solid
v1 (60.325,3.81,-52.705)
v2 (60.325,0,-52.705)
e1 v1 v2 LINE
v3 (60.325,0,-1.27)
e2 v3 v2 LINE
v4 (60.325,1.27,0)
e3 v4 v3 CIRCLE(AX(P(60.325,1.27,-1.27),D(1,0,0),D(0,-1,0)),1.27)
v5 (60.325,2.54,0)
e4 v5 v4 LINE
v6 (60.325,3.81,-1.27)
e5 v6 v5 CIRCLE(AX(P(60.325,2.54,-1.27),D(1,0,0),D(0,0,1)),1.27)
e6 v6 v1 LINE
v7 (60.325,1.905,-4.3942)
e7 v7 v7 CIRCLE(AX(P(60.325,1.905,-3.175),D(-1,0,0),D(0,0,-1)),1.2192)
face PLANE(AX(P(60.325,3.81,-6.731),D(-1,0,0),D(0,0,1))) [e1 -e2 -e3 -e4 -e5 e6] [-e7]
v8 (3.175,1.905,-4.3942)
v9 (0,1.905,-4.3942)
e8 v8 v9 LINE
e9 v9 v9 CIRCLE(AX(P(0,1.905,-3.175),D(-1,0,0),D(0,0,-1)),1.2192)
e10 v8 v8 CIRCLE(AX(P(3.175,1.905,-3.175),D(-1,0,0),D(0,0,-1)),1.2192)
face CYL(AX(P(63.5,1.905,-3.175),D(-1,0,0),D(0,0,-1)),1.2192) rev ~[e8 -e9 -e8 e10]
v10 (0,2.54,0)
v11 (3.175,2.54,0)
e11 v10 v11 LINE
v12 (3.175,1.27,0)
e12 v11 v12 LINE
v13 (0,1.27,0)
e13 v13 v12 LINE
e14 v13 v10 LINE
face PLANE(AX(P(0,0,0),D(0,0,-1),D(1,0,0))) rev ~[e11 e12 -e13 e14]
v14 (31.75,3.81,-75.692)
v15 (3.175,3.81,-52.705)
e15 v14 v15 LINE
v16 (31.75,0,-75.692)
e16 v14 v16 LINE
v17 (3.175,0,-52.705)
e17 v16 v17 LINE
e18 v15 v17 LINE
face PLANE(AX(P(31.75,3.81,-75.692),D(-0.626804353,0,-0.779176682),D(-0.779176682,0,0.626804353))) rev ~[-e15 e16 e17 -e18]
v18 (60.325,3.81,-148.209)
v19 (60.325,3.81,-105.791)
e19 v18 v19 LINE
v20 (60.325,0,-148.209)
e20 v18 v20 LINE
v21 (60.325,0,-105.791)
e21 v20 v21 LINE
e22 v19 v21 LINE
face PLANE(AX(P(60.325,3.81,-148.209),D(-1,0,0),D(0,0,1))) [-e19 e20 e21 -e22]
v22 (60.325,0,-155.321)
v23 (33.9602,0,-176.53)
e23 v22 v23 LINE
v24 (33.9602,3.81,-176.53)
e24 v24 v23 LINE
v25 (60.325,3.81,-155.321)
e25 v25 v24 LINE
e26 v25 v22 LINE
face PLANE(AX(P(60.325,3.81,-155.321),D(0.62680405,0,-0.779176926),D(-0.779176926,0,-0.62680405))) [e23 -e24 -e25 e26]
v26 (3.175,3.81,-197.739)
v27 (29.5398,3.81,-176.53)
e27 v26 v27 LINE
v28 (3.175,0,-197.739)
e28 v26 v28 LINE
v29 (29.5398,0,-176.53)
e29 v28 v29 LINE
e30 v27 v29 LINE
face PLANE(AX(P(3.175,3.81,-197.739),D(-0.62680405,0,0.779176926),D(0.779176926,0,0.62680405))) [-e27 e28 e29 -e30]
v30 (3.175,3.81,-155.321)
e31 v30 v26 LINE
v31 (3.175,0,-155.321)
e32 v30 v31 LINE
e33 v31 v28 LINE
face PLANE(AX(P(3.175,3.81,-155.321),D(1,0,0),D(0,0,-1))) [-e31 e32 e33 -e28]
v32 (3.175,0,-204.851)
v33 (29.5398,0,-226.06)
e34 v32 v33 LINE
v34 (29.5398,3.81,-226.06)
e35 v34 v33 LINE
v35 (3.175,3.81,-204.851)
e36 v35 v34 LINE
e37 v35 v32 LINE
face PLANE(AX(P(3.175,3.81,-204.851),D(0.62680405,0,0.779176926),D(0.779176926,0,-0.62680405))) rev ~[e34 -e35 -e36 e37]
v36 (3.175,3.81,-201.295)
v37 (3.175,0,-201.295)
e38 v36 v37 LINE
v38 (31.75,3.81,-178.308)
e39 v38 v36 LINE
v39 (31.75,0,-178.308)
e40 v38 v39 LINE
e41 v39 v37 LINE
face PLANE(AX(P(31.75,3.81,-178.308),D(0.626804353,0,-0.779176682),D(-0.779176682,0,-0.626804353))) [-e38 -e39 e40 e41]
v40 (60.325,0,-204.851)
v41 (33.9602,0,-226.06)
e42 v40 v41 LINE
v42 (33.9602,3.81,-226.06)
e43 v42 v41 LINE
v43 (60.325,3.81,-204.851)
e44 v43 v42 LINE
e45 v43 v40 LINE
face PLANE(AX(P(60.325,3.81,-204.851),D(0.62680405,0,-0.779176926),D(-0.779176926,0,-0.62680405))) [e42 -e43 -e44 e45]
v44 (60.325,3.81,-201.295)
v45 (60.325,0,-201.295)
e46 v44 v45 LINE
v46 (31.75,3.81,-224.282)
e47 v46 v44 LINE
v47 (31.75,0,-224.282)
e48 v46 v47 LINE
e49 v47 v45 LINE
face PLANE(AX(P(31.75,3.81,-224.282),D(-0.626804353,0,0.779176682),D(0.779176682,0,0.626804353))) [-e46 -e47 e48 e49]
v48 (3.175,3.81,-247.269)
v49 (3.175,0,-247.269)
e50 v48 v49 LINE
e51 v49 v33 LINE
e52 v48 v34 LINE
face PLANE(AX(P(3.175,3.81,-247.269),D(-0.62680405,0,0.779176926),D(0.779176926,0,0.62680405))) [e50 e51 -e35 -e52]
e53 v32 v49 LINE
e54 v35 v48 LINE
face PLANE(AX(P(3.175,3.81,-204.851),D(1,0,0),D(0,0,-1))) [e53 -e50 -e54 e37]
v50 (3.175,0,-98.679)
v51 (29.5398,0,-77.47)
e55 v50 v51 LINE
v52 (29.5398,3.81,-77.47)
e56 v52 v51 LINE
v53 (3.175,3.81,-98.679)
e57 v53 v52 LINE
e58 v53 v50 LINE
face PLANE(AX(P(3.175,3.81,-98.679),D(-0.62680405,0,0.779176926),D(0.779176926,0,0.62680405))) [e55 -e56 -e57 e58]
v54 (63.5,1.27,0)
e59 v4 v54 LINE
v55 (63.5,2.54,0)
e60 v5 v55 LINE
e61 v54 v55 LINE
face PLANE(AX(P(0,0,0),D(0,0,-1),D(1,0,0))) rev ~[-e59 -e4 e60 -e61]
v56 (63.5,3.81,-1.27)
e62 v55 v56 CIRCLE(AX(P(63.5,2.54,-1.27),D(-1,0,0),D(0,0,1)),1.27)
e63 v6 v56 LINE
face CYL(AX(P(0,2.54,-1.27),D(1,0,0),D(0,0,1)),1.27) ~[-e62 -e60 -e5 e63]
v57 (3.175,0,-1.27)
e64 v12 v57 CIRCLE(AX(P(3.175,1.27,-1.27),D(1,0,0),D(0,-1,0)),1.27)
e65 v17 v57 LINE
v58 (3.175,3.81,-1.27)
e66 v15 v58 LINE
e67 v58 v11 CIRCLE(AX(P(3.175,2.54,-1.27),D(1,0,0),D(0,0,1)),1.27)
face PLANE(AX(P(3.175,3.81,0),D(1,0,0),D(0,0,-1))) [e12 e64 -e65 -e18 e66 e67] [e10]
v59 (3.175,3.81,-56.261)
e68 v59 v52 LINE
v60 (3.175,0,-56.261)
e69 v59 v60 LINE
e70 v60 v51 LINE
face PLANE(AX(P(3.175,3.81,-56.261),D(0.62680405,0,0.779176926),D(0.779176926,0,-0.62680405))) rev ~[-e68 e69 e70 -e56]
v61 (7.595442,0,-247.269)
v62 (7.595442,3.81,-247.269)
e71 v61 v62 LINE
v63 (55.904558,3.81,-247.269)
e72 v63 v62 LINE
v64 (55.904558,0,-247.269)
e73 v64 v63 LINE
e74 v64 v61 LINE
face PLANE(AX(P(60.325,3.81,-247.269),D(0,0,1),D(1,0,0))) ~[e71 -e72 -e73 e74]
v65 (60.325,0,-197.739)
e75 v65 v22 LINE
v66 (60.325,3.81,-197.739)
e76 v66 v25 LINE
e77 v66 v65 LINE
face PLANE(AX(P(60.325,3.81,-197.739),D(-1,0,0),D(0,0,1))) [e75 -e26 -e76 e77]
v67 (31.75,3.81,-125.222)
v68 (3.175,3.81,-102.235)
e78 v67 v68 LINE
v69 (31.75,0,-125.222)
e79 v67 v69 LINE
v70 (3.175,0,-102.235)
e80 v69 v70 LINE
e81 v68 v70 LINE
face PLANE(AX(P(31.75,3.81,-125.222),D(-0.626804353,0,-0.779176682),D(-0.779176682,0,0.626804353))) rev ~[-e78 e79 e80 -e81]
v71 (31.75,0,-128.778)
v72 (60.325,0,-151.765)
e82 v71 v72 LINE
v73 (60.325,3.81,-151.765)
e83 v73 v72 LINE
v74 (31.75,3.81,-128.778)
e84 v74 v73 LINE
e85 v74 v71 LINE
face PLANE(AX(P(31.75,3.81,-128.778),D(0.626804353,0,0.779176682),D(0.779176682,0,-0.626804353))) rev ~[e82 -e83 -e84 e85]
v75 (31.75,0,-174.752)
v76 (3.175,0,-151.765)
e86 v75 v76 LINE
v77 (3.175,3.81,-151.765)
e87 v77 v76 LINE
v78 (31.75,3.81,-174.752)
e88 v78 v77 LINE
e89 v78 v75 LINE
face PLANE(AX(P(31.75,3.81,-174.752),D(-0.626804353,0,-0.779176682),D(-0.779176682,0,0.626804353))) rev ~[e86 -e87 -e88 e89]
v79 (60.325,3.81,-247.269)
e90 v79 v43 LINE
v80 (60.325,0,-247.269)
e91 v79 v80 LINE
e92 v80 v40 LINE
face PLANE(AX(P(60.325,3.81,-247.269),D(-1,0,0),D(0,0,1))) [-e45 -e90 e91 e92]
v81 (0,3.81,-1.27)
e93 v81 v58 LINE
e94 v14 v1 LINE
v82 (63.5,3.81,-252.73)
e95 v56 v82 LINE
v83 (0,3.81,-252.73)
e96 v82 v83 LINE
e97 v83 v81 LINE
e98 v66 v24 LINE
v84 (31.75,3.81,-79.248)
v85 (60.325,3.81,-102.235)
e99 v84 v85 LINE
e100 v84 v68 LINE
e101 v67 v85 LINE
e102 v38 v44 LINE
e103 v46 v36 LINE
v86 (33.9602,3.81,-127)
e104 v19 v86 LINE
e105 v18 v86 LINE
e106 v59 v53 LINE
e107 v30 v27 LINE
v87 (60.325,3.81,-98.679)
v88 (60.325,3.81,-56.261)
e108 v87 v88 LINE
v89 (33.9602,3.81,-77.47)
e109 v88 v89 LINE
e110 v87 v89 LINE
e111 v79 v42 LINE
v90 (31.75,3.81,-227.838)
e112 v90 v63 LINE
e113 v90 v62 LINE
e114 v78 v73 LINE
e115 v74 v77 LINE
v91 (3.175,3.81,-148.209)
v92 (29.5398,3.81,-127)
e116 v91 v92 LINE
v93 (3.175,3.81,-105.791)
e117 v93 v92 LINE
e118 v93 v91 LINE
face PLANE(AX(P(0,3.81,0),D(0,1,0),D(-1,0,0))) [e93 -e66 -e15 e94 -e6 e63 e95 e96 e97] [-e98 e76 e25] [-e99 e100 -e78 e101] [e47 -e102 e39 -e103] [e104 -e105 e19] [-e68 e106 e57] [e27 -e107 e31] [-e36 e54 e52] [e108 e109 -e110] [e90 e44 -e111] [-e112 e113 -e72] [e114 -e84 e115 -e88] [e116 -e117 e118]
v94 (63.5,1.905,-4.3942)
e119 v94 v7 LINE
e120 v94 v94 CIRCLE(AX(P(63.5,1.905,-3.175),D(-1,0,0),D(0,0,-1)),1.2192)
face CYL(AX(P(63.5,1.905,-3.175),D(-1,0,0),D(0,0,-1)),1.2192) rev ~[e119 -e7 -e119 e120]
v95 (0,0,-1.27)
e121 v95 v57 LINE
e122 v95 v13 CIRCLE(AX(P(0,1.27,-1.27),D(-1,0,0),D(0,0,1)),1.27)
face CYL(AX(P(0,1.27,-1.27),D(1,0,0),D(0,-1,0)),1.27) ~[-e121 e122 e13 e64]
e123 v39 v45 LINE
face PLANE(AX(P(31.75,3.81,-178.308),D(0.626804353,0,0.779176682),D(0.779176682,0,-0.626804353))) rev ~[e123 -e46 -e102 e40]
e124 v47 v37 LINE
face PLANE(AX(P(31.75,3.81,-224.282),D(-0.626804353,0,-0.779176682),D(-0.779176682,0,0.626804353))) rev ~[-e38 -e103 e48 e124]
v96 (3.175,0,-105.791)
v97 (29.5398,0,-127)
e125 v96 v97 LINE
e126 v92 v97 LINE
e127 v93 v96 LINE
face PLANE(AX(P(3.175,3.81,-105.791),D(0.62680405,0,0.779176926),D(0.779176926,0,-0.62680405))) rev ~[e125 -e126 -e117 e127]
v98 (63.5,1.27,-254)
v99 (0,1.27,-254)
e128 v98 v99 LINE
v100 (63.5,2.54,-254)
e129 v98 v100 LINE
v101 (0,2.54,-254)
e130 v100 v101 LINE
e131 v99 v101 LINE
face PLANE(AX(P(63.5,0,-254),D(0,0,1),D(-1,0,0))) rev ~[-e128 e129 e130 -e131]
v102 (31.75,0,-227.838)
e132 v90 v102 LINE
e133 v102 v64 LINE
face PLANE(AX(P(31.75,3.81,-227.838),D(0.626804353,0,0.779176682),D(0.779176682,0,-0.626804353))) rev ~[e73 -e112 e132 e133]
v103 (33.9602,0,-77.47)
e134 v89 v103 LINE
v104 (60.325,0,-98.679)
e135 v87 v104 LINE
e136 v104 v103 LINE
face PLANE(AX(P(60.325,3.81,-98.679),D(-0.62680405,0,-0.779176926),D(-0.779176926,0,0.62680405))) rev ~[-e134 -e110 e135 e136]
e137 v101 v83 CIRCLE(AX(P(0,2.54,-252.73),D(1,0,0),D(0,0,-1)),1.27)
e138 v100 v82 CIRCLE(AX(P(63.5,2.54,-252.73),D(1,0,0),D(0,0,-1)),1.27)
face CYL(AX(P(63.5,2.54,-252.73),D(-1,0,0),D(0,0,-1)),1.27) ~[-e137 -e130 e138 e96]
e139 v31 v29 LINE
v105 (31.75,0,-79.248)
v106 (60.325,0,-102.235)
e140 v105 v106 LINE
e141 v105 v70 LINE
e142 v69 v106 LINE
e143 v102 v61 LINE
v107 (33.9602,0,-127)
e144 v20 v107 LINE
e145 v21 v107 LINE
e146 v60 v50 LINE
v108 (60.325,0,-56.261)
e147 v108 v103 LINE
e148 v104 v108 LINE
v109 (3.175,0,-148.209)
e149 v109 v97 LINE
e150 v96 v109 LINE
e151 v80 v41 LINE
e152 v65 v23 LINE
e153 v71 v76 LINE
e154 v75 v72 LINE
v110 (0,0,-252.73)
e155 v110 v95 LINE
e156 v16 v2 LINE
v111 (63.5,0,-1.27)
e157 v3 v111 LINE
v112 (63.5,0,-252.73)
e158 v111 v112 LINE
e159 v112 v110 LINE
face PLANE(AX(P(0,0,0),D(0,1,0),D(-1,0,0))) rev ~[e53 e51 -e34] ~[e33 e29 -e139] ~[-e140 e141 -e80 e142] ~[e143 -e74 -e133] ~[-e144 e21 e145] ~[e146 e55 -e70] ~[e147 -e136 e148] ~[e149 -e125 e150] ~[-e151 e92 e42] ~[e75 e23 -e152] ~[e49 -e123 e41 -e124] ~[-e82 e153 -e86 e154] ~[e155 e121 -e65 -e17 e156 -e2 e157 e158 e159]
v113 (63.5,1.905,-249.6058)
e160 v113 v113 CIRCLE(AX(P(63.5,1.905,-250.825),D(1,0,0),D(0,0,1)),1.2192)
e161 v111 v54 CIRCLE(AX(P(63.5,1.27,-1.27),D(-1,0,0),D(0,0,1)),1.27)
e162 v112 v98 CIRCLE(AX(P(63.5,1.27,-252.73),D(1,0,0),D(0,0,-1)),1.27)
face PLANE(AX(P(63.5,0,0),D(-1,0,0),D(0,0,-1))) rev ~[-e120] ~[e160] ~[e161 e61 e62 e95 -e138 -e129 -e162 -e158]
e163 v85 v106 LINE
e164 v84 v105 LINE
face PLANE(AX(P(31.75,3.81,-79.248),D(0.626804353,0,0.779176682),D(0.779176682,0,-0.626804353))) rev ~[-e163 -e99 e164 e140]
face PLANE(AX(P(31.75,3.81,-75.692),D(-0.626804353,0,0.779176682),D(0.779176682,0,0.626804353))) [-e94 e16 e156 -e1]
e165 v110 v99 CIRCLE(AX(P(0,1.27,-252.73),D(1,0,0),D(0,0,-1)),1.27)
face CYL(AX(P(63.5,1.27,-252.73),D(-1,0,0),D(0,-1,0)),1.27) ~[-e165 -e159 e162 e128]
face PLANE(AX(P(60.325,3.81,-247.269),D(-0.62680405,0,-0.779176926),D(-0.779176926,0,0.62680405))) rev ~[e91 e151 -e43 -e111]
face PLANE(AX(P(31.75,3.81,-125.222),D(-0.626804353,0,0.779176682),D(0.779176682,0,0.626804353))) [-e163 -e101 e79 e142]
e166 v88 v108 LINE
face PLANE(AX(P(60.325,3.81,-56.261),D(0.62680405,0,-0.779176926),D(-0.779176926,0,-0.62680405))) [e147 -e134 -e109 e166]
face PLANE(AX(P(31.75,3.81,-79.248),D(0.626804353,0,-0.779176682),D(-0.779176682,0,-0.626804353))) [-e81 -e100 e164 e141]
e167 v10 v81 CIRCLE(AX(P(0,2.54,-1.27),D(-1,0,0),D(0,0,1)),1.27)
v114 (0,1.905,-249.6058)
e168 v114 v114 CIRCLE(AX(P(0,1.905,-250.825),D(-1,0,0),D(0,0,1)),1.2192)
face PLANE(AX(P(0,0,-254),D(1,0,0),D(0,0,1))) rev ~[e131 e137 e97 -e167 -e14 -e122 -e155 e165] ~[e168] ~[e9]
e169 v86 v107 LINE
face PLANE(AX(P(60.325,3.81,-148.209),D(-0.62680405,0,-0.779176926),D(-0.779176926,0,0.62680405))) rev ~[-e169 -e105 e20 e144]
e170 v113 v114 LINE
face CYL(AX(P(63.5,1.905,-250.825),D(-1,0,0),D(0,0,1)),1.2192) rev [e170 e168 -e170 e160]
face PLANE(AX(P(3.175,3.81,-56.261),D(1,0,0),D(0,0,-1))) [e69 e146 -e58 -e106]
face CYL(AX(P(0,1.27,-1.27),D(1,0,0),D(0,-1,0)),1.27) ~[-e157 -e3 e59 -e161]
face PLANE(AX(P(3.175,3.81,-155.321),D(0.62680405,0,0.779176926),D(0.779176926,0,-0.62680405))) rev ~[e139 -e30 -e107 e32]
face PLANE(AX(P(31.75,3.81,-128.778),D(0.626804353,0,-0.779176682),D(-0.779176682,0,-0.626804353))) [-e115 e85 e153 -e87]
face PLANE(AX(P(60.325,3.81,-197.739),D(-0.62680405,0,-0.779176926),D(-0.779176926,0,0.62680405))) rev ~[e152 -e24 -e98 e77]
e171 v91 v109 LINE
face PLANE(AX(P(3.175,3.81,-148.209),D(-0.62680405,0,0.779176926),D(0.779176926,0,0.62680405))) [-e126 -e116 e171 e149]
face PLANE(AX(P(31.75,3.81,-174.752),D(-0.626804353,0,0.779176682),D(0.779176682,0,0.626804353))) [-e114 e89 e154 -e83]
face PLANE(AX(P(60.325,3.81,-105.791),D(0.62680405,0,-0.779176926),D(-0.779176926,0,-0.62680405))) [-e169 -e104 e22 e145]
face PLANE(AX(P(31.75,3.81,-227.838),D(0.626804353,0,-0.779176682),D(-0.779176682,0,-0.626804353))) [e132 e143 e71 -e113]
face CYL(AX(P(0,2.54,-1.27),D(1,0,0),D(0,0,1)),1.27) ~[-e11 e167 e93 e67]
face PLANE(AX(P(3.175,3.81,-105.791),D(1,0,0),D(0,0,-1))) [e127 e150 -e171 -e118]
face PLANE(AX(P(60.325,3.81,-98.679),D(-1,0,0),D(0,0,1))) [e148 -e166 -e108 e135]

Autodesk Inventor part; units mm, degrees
ref_plane "YZ Plane" through (0, 0, 0) normal (1, 0, 0) x (0, 1, 0)
ref_plane "XZ Plane" through (0, 0, 0) normal (0, 1, 0) x (-1, 0, 0)
sketch "Sketch1" plane through (0, 0, 0) normal (0, 1, 0) x (-1, 0, 0)
  line L0 (0, 0) -> (-63.5, 0)
  line L1 (-63.5, 0) -> (-63.5, -254)
  line L2 (-63.5, -254) -> (0, -254)
  line L3 (0, -254) -> (0, 0)
  dimension "d0" = 63.5
  dimension "d1" = 254
extrude "Extrusion1" add sketch "Sketch1" along normal blind 3.81
sketch "Sketch2" plane through (0, 3.81, 0) normal (0, 1, 0) x (1, 0, 0)
  line L0 (0, 254) -> (0, 0) projected
  line L1 (0, 0) -> (63.5, 0) projected
  line L2 (63.5, 0) -> (63.5, 254) projected
  line L3 (63.5, 254) -> (0, 254) projected
  line L4 (3.175, 3.175) -> (3.175, 250.825)
  line L5 (3.175, 250.825) -> (60.325, 250.825)
  line L6 (60.325, 250.825) -> (60.325, 3.175)
  line L7 (60.325, 3.175) -> (3.175, 3.175)
  line L8 (3.175, 3.175) -> (60.325, 3.175)
  line L9 (60.325, 3.175) -> (60.325, 52.705)
  line L10 (60.325, 52.705) -> (3.175, 52.705)
  line L11 (3.175, 52.705) -> (3.175, 3.175)
  line L12 (3.175, 3.175) -> (3.175, 6.731)
  line L13 (3.175, 6.731) -> (29.5398, 27.94)
  line L14 (60.325, 52.705) -> (60.325, 49.149)
  line L15 (60.325, 49.149) -> (33.9602, 27.94)
  line L16 (3.175, 52.705) -> (3.175, 49.149)
  line L17 (3.175, 49.149) -> (29.5398, 27.94)
  line L18 (60.325, 3.175) -> (60.325, 6.731)
  line L19 (60.325, 6.731) -> (33.9602, 27.94)
  line L20 (31.75, 26.162) -> (3.175, 3.175)
  line L21 (31.75, 29.718) -> (3.175, 52.705)
  line L22 (31.75, 26.162) -> (60.325, 3.175)
  line L23 (31.75, 29.718) -> (60.325, 52.705)
  point P0 (60.325, 3.175)
  dimension "d4" = 3.175
  dimension "d5" = 49.53
  dimension "d6" = 3.556
  dimension "d7" = 3.556
  dimension "d8" = 3.556
  dimension "d9" = 3.556
extrude "Extrusion2" cut sketch "Sketch2" against normal blind 6.35 contours L20 L22 L7 | L4 L17 L13 | L19 L15 L6 | L10 L23 L21
pattern_linear "Rectangular Pattern1" count 5 spacing 49.53 along (0, 0, -1) of "Extrusion2"
sketch "Sketch4" plane through (0, 3.81, 0) normal (0, 1, 0) x (1, 0, 0)
  line L0 (33.9602, 27.94) -> (60.325, 6.731) projected
  line L1 (3.175, 6.731) -> (29.5398, 27.94) projected
  line L2 (60.325, 6.731) -> (3.175, 6.731)
  line L3 (3.175, 3.175) -> (60.325, 3.175) projected
  line L4 (3.175, 6.731) -> (3.175, 3.175)
  line L5 (3.175, 3.175) -> (60.325, 3.175)
  line L6 (60.325, 6.731) -> (60.325, 49.149) projected
  line L7 (60.325, 3.175) -> (60.325, 6.731)
  point P0 (0, 0)
extrude "Extrusion3" add sketch "Sketch4" against normal blind 3.81
sketch "Sketch3" plane through (63.5, 0, 0) normal (1, 0, 0) x (0, 0, -1)
  line L0 (3.175, 3.81) -> (3.175, 0) projected
  point P0 (0, 0)
  point P1 (3.175, 1.905)
  dimension "d15" = 0
hole "Hole1" at (63.5, 1.905, -3.175) direction (-1, 0, 0) diameter 2.4384 end through all clearance for "Flat Head Machine Screw (82)" size "#2" standard "Ansi Unified Screw Threads"
ref_plane "Work Plane1" through (0, 0, -127) normal (0, 0, 1) x (1, 0, 0)
mirror "Mirror1" about plane through (0, 0, -127) normal (0, 0, 1) of "Extrusion3", "Hole1"
fillet "Fillet1" radius 1.27 4 edges at (31.75, 3.81, 0) (31.75, 0, 0) (31.75, 3.81, -254) (31.75, 0, -254)
sketch "Sketch5" plane through (0, 3.81, 0) normal (0, 1, 0) x (1, 0, 0)
  line L0 (3.175, 52.705) -> (31.75, 29.718) projected
  line L1 (3.175, 52.705) -> (60.325, 52.705)
  line L2 (60.325, 52.705) -> (60.325, 0)
  line L3 (60.325, 0) -> (3.175, 0)
  line L4 (3.175, 0) -> (3.175, 52.705)
  line L5 (60.325, 49.149) -> (60.325, 6.731) projected
  line L6 (0, 0) -> (63.5, 0) projected
extrude "Extrusion4" cut sketch "Sketch5" against normal blind 3.81
properties part number "ferris_wheel_main_strut"
